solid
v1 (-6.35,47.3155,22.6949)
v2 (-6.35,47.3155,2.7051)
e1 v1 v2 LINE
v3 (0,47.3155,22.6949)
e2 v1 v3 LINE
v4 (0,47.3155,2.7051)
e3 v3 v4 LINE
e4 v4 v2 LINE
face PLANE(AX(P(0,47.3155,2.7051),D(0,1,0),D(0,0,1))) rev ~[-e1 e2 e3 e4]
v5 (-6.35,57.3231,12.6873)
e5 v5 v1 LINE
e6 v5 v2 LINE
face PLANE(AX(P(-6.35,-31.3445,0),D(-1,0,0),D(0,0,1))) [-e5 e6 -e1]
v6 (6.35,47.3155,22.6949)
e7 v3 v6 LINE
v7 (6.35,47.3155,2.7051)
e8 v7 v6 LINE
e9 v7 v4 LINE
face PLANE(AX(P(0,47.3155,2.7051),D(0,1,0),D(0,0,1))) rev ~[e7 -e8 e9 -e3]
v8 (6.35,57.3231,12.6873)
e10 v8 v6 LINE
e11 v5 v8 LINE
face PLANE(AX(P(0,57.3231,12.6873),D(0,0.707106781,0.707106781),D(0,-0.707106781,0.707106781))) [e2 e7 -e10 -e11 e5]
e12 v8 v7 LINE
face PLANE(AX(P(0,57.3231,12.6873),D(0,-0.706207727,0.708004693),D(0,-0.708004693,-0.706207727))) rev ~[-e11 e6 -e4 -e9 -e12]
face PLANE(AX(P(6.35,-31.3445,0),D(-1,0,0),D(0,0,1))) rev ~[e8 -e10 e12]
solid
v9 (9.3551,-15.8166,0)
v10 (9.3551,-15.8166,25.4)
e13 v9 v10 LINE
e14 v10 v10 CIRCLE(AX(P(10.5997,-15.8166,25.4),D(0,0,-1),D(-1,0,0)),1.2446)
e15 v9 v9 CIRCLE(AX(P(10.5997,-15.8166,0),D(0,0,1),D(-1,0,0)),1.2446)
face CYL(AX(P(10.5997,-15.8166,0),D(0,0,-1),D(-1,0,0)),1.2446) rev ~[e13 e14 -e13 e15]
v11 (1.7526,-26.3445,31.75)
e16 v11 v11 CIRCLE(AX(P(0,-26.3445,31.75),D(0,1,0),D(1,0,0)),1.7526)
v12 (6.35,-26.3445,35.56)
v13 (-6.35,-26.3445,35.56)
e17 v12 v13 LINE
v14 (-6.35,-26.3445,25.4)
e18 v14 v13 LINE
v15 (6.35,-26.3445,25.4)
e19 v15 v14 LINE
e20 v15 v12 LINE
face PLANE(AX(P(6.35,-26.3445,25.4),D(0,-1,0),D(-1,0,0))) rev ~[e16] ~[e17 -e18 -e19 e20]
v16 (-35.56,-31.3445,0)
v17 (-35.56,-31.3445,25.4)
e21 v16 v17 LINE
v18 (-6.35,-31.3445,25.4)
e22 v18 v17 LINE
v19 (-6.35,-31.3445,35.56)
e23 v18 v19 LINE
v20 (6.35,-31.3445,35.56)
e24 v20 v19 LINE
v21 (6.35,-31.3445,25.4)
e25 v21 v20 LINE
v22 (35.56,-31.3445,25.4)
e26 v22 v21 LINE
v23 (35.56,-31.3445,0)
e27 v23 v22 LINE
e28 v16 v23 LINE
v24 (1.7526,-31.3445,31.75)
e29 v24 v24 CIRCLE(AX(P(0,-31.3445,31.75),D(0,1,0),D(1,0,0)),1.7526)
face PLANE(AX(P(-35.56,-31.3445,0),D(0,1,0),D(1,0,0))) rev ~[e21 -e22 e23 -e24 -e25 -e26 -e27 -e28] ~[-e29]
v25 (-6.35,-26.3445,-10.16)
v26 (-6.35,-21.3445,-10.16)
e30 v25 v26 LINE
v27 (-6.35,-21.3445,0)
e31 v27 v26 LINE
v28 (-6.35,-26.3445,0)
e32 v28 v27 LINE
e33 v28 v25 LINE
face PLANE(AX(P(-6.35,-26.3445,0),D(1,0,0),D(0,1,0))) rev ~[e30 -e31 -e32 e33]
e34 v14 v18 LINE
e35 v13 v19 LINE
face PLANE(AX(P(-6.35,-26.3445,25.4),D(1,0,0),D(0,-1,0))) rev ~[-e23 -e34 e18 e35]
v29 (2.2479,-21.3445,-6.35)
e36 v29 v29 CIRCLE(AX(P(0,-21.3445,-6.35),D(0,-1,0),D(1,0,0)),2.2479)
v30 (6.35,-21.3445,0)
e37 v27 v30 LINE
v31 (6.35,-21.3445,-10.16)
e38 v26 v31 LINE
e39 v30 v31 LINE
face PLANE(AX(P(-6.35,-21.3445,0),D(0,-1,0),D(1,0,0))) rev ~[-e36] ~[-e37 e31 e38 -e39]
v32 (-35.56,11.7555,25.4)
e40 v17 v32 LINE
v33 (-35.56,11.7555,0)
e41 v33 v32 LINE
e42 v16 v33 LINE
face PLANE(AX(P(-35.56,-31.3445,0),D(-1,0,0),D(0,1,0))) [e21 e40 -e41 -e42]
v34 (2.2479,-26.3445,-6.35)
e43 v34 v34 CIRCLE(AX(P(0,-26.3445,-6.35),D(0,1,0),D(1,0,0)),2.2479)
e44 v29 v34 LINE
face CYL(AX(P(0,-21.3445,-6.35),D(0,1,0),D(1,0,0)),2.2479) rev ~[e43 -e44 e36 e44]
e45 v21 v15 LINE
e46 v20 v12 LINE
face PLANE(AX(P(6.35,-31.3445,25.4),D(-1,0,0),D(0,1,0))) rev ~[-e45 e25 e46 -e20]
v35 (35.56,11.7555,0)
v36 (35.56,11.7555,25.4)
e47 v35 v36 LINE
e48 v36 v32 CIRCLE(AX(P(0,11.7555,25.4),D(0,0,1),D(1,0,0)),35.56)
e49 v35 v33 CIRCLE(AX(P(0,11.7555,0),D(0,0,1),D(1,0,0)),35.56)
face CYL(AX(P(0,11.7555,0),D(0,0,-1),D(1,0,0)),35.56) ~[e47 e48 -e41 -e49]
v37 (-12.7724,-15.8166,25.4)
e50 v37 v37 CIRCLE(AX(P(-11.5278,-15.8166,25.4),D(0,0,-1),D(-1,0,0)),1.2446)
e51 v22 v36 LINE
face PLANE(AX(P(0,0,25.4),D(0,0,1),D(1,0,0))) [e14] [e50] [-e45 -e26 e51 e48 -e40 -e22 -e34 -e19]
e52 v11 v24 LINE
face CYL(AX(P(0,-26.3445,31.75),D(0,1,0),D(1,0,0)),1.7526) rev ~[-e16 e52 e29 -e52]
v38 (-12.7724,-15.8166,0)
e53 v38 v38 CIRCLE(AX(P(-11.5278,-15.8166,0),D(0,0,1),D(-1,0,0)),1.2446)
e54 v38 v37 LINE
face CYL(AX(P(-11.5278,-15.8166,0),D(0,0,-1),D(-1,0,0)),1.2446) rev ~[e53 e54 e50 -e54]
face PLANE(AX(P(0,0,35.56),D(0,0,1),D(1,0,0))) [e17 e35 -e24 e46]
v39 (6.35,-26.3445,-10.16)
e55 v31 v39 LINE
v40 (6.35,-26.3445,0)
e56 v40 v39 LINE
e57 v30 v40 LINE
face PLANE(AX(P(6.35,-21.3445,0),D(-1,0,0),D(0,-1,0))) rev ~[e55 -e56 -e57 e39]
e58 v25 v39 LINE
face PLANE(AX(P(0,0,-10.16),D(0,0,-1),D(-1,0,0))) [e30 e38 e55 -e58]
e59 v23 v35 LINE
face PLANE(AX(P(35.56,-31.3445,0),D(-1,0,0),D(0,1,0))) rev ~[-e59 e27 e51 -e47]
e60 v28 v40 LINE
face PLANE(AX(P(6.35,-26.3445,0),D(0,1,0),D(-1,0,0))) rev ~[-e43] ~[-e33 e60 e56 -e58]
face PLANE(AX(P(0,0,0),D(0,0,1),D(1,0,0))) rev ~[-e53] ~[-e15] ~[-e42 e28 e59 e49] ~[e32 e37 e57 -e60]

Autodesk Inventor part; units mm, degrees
ref_plane "YZ Plane" through (0, 0, 0) normal (1, 0, 0) x (0, 1, 0)
ref_plane "XZ Plane" through (0, 0, 0) normal (0, 1, 0) x (-1, 0, 0)
sketch "Sketch1" plane through (0, 0, 0) normal (0, 0, 1) x (1, 0, 0)
  line L0 (6.35, -26.3445) -> (6.35, -31.3445) projected
  line L1 (6.35, -31.3445) -> (38.1, -31.3445) projected
  line L2 (38.1, -31.3445) -> (38.1, 11.7555) projected
  arc A0 (38.1, 11.7555) -> (-38.1, 11.7555) centre (0, 11.7555) ccw projected
  line L3 (-38.1, 11.7555) -> (-38.1, -31.3445) projected
  line L4 (-38.1, -31.3445) -> (-6.35, -31.3445) projected
  line L5 (-6.35, -31.3445) -> (-6.35, -26.3445) projected
  line L6 (-6.35, -26.3445) -> (6.35, -26.3445) projected
  circle A1 centre (0, 11.7555) radius 35.56
  line L7 (-35.56, 11.7555) -> (33.02, 11.7555)
  line L8 (33.02, -31.3445) -> (-35.56, -31.3445)
  line L9 (-35.56, -31.3445) -> (-35.56, 11.7555)
  line L10 (35.56, 11.7555) -> (-35.56, 11.7555)
  line L11 (-35.56, 11.7555) -> (-35.56, -31.3445)
  line L12 (-35.56, -31.3445) -> (35.56, -31.3445)
  line L13 (35.56, -31.3445) -> (35.56, 11.7555)
  point P0 (0, 0)
  dimension "d0" = 71.12
extrude "Extrusion1" add sketch "Sketch1" along normal blind 25.4 contours L6 L5 L4 L9 A1 L13 L1 L0 | L0 L8 L5 L6 | L10 L7 A1 | A1 L7 L10
sketch "Sketch2" plane through (0, 0, 0) normal (0, 0, -1) x (-1, 0, 0)
  line L0 (6.3749, -31.3445) -> (-6.9601, -31.3445) projected
  line L1 (-6.9601, -31.3445) -> (-6.9601, -26.3445) projected
  line L2 (-6.9601, -26.3445) -> (6.3749, -26.3445) projected
  line L3 (6.3749, -26.3445) -> (6.3749, -31.3445) projected
  line L4 (35.56, -31.3445) -> (-35.56, -31.3445) projected
  line L5 (0, -26.3445) -> (6.35, -26.3445)
  line L6 (6.35, -26.3445) -> (-6.35, -26.3445)
  line L7 (-6.35, -26.3445) -> (6.35, -26.3445)
  line L8 (6.35, -26.3445) -> (6.35, -21.3445)
  line L9 (6.35, -21.3445) -> (-6.35, -21.3445)
  line L10 (-6.35, -21.3445) -> (-6.35, -26.3445)
  line L11 (-6.35, -26.3445) -> (-6.35, -21.3445)
  point P0 (0, 0)
  dimension "d45" = 6.35
  dimension "d46" = 12.7
  dimension "d51" = 12.7
extrude "Extrusion2" add sketch "Sketch2" along normal blind 10.16 contours L2 L10 L9 L8
sketch "Sketch4" plane through (0, 0, 25.4) normal (0, 0, 1) x (1, 0, 0)
  line L0 (-35.56, -31.3445) -> (35.56, -31.3445) projected
  line L1 (-35.56, -31.3445) -> (35.56, -31.3445)
  line L2 (0, -31.3445) -> (6.35, -31.3445)
  line L3 (6.35, -31.3445) -> (-6.35, -31.3445)
  line L4 (6.9601, -26.3445) -> (-6.35, -26.3445) projected
  line L5 (-6.35, -31.3445) -> (6.35, -31.3445)
  line L6 (6.35, -31.3445) -> (6.35, -26.3445)
  line L7 (6.35, -26.3445) -> (-6.35, -26.3445)
  line L8 (-6.35, -26.3445) -> (-6.35, -31.3445)
  point P0 (0, 0)
  dimension "d39" = 6.35
  dimension "d40" = 12.7
  dimension "d52" = 12.7
extrude "Extrusion4" add sketch "Sketch4" along normal blind 10.16
ref_plane "Work Plane1" through (0, -31.3445, 0) normal (-1, 0, 0) x (0, 0, 1)
sketch "Sketch7" plane through (0, -31.3445, 0) normal (-1, 0, 0) x (0, 0, 1)
  line L0 (0, 78.66) -> (0, 43.1) projected
  line L1 (0, 78.66) -> (2.7051, 78.66)
  line L2 (0, 78.66) -> (25.4, 78.66) projected
  line L3 (2.7051, 78.66) -> (22.6949, 78.66)
  line L4 (22.6949, 78.66) -> (12.6873, 78.66)
  line L5 (12.6873, 78.66) -> (12.6873, 88.6676)
  line L6 (12.6873, 88.6676) -> (22.6949, 78.66)
  line L7 (12.6873, 88.6676) -> (2.7051, 78.66)
  point P0 (0, 31.3445)
  dimension "d27" = 2.7051
  dimension "d28" = 19.9898
  dimension "d29" = 10.0076
  dimension "d30" = 10.0076
extrude "Extrusion7" add sketch "Sketch7" along normal mid plane 12.7
sketch "Sketch9" plane through (-6.35, -26.3445, 25.4) normal (0, 1, 0) x (1, 0, 0)
  line L0 (12.7, -10.16) -> (0, -10.16) projected
  line L1 (6.35, -10.16) -> (6.35, -6.35)
  circle A0 centre (6.35, -6.35) radius 1.7526
  point P0 (6.35, 25.4)
  dimension "d41" = 3.81
  dimension "d42" = 3.5052
extrude "Extrusion9" cut sketch "Sketch9" against normal blind 25.4
sketch "Sketch10" plane through (-6.35, -21.3445, 0) normal (0, 1, 0) x (1, 0, 0)
  line L0 (12.7, 10.16) -> (0, 10.16) projected
  line L1 (6.35, 10.16) -> (6.35, 6.35)
  circle A0 centre (6.35, 6.35) radius 2.2479
  point P0 (6.35, 0)
  dimension "d47" = 3.81
  dimension "d48" = 4.4958
extrude "Extrusion10" cut sketch "Sketch10" against normal blind 25.4
sketch "Sketch11" plane through (0, 0, 0) normal (0, 0, -1) x (-1, 0, 0)
  ellipse E0 centre (-11.5997, -15.8166) end of major axis (-11.5997, -14.5666) minor radius 1.2499 projected
  ellipse E1 centre (12.5278, -15.8166) end of major axis (12.5278, -14.5666) minor radius 1.2499 projected
  line L0 (-11.5997, -15.8166) -> (-10.5997, -15.8166)
  circle A0 centre (-10.5997, -15.8166) radius 1.2446
  line L1 (12.5278, -15.8166) -> (11.5278, -15.8166)
  circle A1 centre (11.5278, -15.8166) radius 1.2446
  point P0 (0, 0)
  dimension "d53" = 1
  dimension "d54" = 2.4892
  dimension "d55" = 1
  dimension "d56" = 2.4892
extrude "Extrusion11" cut sketch "Sketch11" against normal blind 25.4 contours A0 E0 | E0 A0 | A1 E1 | E1 A1 picked at (-11.3426, -15.9919) picked at (-9.6993, -15.9182) picked at (12.2707, -15.6413) picked at (10.6274, -15.715)
properties part number "Tail2"
